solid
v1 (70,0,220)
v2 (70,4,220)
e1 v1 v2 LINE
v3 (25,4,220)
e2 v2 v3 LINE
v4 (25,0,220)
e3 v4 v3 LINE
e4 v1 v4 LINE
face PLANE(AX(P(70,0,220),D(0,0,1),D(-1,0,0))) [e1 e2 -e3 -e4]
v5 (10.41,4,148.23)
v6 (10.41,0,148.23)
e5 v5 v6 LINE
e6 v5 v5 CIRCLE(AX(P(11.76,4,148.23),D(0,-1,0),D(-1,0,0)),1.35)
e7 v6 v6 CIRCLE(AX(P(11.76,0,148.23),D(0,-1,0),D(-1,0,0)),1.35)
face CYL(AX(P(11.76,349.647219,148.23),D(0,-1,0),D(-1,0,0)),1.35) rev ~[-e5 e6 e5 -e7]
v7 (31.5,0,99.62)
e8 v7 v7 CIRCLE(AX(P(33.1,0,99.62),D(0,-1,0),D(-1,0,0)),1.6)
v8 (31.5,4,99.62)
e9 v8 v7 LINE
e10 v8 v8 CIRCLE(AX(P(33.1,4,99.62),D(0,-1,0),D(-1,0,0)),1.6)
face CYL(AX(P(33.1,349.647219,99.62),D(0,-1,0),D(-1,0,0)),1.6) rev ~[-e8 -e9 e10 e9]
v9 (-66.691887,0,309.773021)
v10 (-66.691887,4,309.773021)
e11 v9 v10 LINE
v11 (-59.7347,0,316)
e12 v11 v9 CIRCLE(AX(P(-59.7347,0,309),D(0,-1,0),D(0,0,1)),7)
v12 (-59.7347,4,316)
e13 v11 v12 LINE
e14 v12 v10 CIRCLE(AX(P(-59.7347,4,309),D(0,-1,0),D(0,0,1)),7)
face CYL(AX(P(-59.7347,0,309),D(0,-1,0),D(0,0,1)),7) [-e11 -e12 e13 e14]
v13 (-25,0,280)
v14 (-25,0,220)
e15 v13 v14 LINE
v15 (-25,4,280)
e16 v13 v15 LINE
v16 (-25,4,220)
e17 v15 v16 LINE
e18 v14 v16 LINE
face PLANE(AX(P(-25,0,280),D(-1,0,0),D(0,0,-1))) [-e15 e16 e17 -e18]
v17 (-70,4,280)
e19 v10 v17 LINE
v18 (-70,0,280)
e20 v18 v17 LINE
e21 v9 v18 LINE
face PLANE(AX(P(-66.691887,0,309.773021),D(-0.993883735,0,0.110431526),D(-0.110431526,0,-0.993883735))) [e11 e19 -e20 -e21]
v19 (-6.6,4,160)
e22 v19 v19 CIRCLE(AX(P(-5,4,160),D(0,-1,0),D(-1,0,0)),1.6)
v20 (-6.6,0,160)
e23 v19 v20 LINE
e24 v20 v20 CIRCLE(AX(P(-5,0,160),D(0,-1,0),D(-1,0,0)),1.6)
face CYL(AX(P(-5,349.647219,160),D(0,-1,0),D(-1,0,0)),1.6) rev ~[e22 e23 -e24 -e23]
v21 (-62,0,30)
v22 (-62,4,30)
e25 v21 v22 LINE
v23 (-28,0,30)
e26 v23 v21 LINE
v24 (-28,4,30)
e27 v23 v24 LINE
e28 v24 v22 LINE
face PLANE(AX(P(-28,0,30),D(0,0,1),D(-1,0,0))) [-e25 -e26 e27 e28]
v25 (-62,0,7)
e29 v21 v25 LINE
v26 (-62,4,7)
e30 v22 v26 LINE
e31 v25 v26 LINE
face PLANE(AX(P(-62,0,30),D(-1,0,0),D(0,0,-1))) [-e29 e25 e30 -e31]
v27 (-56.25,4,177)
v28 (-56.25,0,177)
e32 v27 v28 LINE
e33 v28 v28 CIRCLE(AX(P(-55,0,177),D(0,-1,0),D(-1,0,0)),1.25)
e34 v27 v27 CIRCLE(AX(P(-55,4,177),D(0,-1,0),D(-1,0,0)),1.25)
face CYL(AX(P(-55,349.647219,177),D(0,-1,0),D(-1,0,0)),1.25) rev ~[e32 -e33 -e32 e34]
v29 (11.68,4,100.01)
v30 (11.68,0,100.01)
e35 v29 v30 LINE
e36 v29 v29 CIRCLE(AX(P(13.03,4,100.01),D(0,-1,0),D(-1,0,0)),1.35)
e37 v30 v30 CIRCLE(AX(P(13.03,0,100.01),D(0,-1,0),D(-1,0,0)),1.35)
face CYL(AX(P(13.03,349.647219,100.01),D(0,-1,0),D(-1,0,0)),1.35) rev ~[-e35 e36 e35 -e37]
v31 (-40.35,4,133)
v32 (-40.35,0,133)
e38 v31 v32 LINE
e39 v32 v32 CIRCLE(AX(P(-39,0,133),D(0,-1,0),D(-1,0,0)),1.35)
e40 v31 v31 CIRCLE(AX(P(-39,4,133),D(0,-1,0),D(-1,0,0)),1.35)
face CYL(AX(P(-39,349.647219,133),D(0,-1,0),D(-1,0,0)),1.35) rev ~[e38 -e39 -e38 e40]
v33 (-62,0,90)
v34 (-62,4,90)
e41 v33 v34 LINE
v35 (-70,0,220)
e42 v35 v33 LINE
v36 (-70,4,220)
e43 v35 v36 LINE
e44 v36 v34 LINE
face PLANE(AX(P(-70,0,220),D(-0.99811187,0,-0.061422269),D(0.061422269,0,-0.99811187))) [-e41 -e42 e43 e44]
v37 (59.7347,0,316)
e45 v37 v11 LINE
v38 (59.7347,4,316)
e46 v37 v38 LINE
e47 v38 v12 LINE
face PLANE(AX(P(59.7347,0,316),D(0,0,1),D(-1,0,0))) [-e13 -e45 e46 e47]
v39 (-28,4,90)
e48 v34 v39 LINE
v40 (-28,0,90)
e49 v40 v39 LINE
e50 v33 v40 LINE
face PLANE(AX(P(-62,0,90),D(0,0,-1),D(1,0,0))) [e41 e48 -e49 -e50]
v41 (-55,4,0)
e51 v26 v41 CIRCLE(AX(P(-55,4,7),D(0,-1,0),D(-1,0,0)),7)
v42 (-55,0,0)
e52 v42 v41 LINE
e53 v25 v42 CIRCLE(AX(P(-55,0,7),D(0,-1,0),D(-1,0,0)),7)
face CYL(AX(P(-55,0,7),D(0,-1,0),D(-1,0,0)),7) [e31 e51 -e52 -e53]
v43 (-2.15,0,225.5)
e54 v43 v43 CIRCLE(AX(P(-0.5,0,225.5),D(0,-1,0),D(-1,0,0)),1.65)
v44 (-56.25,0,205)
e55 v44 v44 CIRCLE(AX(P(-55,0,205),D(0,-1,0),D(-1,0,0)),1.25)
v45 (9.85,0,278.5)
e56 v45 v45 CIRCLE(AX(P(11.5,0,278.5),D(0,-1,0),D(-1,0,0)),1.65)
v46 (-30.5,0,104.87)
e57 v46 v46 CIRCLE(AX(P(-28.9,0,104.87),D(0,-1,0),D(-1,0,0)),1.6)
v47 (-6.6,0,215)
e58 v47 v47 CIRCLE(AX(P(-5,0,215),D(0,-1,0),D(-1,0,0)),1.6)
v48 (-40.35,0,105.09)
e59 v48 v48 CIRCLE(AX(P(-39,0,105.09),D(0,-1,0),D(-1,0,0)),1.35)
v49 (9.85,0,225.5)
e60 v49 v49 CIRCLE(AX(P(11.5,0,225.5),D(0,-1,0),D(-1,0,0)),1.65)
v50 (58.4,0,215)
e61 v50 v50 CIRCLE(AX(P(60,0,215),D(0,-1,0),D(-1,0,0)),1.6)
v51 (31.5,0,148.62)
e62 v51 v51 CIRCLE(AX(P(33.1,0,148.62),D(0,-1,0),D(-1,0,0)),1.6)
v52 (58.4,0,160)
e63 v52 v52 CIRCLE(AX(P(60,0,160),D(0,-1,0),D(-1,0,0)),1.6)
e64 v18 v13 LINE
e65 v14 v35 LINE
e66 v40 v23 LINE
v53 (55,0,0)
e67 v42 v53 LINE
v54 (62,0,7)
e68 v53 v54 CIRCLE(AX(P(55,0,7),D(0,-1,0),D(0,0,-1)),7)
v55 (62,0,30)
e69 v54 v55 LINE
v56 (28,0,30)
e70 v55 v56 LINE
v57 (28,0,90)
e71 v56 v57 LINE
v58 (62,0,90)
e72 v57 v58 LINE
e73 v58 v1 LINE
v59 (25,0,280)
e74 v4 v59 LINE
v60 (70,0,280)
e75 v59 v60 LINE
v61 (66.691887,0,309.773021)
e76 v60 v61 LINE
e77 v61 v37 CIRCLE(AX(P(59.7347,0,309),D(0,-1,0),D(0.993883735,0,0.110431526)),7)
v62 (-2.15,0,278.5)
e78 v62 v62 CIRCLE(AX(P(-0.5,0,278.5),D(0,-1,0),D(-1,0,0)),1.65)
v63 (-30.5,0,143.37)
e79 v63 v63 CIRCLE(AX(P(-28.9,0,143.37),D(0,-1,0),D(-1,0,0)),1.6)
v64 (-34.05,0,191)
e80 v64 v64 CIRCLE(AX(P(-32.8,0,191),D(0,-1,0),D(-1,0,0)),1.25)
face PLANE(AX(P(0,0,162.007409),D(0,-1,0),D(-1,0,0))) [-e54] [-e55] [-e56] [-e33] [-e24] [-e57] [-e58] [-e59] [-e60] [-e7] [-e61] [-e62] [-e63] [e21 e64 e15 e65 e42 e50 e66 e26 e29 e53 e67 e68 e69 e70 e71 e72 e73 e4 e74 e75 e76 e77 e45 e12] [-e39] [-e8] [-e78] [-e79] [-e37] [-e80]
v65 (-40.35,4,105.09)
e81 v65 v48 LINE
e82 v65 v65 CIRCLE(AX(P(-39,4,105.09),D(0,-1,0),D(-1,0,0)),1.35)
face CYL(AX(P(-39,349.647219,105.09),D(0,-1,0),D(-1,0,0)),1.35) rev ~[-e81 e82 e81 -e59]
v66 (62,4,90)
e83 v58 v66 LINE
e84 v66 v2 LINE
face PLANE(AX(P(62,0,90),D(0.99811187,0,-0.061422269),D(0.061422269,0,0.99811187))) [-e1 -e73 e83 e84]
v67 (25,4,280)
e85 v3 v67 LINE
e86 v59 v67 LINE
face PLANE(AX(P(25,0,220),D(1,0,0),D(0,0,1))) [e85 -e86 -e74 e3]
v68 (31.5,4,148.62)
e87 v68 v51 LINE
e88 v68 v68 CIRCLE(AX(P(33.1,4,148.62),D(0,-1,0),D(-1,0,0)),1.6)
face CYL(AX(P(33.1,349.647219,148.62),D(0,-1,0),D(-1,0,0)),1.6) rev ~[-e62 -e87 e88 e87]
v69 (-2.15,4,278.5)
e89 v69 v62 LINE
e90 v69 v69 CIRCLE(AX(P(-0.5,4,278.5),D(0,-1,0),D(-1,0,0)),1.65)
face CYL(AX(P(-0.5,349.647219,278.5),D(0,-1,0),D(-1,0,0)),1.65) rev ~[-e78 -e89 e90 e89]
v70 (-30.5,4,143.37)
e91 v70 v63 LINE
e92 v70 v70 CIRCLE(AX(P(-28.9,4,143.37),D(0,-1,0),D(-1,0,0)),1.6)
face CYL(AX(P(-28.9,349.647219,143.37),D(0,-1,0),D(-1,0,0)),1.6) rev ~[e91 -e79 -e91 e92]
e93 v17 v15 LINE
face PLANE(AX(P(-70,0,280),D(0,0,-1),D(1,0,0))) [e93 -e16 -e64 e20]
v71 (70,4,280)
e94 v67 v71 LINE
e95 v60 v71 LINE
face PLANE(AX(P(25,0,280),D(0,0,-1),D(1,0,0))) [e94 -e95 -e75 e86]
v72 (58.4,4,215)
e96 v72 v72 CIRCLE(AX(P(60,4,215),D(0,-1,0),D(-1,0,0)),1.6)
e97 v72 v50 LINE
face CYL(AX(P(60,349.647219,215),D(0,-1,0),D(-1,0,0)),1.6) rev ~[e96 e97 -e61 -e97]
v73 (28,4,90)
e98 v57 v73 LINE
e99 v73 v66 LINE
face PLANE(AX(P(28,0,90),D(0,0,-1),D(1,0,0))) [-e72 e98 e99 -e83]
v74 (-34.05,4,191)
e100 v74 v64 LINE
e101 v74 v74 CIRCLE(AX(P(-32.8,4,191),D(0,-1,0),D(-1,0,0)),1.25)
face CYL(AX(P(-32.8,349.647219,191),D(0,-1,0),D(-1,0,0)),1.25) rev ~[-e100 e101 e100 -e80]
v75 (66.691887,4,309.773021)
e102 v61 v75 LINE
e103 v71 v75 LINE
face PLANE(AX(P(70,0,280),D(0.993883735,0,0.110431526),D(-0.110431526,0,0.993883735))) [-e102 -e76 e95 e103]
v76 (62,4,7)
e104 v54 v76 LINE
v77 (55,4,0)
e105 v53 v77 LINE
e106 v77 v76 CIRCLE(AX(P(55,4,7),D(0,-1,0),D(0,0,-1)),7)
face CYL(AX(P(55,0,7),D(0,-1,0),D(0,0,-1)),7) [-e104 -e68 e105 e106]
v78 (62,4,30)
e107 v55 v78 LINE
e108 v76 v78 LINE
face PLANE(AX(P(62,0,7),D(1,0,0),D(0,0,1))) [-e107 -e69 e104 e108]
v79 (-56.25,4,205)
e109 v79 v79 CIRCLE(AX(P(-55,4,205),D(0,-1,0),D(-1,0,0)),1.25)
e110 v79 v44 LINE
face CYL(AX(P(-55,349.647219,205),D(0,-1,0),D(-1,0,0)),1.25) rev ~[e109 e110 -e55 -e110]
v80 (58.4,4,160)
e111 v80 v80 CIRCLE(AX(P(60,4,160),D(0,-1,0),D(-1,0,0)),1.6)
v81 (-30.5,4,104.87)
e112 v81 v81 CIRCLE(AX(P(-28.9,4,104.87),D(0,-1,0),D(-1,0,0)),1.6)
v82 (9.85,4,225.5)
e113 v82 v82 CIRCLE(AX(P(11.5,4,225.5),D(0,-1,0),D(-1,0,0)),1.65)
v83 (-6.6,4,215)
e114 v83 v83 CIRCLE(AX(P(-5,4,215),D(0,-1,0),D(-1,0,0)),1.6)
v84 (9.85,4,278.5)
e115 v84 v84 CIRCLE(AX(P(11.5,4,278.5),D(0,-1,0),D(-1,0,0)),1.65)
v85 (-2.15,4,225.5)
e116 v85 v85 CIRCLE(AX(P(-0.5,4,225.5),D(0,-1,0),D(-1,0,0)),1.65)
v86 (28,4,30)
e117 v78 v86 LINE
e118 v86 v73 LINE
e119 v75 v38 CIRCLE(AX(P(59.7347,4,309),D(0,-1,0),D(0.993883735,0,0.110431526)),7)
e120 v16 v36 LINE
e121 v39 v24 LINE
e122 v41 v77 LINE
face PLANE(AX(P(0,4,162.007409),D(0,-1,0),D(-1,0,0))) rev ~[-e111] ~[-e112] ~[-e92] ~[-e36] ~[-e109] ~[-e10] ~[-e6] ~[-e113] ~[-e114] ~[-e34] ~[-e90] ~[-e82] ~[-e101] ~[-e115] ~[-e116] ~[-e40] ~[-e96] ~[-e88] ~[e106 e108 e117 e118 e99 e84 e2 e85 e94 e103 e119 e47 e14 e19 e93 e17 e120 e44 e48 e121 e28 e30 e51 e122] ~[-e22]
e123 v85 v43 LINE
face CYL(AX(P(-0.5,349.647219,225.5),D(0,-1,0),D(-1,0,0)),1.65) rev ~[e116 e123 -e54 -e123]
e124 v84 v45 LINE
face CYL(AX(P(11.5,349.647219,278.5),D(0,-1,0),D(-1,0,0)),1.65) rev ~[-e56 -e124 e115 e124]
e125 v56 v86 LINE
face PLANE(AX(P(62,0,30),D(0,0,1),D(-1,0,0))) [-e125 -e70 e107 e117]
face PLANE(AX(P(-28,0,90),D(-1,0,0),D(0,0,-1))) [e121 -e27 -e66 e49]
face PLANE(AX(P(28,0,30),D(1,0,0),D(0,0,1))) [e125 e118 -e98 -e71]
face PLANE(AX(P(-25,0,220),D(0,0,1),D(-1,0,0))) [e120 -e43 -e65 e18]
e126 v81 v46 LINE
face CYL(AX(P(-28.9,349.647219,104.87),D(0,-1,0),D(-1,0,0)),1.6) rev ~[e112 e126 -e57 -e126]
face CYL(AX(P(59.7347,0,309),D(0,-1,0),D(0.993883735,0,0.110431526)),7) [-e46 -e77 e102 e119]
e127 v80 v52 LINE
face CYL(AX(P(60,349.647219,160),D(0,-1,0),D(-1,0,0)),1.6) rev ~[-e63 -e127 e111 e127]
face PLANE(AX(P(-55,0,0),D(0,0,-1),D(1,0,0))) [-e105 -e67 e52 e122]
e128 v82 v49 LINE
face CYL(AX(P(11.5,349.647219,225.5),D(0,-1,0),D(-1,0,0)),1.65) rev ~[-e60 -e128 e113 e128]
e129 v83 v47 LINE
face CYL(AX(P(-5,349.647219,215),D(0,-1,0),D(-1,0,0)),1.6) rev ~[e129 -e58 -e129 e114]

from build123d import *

# Parameters (mm, degrees)
BOSS_EXTRUDE1_DEPTH                        = 4
F_3_3_3_3_GATEN_TANDWIELKAST_D             = 3.3
F_2_5_2_5_BATTERIJ_HOUDER_D                = 2.5
F_2_7_2_7_ARDUINO_GATEN_D2_7_D             = 2.7
F_3_2_3_2_ARDUINO_GATEN_D3_2_D             = 3.2
F_3_2_3_2_BREADBOARD_ONDERSTEUNINGSPLAAT_D = 3.2


with BuildPart() as part:
    # grondplaat groene golf → Boss-Extrude1 (new body)
    with BuildSketch(Plane(origin=(0, 0, 0), x_dir=(1, 0, 0), z_dir=(0, 1, 0))):
        with BuildLine():
            Line((-55, 0), (55, 0))
            ThreePointArc((55, 0), (59.949747468, -2.050252532), (62, -7))
            Line((62, -7), (62, -30))
            Line((62, -30), (28, -30))
            Line((28, -30), (28, -90))
            Line((28, -90), (62, -90))
            Line((62, -90), (70, -220))
            Line((70, -220), (25, -220))
            Line((25, -220), (25, -280))
            Line((25, -280), (70, -280))
            Line((70, -280), (66.691886591, -309.773020683))
            ThreePointArc((66.691886591, -309.773020683), (64.403150685, -314.215896125), (59.734700448, -316))
            Line((59.734700448, -316), (-59.734700448, -316))
            ThreePointArc((-59.734700448, -316), (-64.403150685, -314.215896125), (-66.691886591, -309.773020683))
            Line((-66.691886591, -309.773020683), (-70, -280))
            Line((-70, -280), (-25, -280))
            Line((-25, -280), (-25, -220))
            Line((-25, -220), (-70, -220))
            Line((-70, -220), (-62, -90))
            Line((-62, -90), (-28, -90))
            Line((-28, -90), (-28, -30))
            Line((-28, -30), (-62, -30))
            Line((-62, -30), (-62, -7))
            ThreePointArc((-62, -7), (-59.949747468, -2.050252532), (-55, 0))
        make_face()
    extrude(amount=BOSS_EXTRUDE1_DEPTH)

    # Ø3.3 (3.3) gaten tandwielkast (through all)
    with Locations(Plane(origin=(0, 4, 0), x_dir=(1, 0, 0), z_dir=(0, 1, 0))):
        with Locations((11.5, -278.5), (-0.5, -278.5), (-0.5, -225.5), (11.5, -225.5)):
            Hole(F_3_3_3_3_GATEN_TANDWIELKAST_D / 2)

    # Ø2.5 (2.5) batterij houder (through all)
    with Locations(Plane(origin=(0, 4, 0), x_dir=(1, 0, 0), z_dir=(0, 1, 0))):
        with Locations((-55, -205), (-32.8, -191), (-55, -177)):
            Hole(F_2_5_2_5_BATTERIJ_HOUDER_D / 2)

    # Ø2.7 (2.7) Arduino gaten D2.7 (through all)
    with Locations(Plane(origin=(0, 4, 0), x_dir=(1, 0, 0), z_dir=(0, 1, 0))):
        with Locations((-39, -105.09), (-39, -133), (11.76, -148.23), (13.03, -100.01)):
            Hole(F_2_7_2_7_ARDUINO_GATEN_D2_7_D / 2)

    # Ø3.2 (3.2) Arduino gaten D3.2 (through all)
    with Locations(Plane(origin=(0, 4, 0), x_dir=(1, 0, 0), z_dir=(0, 1, 0))):
        with Locations((-28.9, -104.87), (-28.9, -143.37), (33.1, -99.62), (33.1, -148.62)):
            Hole(F_3_2_3_2_ARDUINO_GATEN_D3_2_D / 2)

    # Ø3.2 (3.2) Breadboard ondersteuningsplaatje (through all)
    with Locations(Plane(origin=(0, 4, 0), x_dir=(1, 0, 0), z_dir=(0, 1, 0))):
        with Locations((-5, -160), (60, -160), (-5, -215), (60, -215)):
            Hole(F_3_2_3_2_BREADBOARD_ONDERSTEUNINGSPLAAT_D / 2)


solid = part.part
